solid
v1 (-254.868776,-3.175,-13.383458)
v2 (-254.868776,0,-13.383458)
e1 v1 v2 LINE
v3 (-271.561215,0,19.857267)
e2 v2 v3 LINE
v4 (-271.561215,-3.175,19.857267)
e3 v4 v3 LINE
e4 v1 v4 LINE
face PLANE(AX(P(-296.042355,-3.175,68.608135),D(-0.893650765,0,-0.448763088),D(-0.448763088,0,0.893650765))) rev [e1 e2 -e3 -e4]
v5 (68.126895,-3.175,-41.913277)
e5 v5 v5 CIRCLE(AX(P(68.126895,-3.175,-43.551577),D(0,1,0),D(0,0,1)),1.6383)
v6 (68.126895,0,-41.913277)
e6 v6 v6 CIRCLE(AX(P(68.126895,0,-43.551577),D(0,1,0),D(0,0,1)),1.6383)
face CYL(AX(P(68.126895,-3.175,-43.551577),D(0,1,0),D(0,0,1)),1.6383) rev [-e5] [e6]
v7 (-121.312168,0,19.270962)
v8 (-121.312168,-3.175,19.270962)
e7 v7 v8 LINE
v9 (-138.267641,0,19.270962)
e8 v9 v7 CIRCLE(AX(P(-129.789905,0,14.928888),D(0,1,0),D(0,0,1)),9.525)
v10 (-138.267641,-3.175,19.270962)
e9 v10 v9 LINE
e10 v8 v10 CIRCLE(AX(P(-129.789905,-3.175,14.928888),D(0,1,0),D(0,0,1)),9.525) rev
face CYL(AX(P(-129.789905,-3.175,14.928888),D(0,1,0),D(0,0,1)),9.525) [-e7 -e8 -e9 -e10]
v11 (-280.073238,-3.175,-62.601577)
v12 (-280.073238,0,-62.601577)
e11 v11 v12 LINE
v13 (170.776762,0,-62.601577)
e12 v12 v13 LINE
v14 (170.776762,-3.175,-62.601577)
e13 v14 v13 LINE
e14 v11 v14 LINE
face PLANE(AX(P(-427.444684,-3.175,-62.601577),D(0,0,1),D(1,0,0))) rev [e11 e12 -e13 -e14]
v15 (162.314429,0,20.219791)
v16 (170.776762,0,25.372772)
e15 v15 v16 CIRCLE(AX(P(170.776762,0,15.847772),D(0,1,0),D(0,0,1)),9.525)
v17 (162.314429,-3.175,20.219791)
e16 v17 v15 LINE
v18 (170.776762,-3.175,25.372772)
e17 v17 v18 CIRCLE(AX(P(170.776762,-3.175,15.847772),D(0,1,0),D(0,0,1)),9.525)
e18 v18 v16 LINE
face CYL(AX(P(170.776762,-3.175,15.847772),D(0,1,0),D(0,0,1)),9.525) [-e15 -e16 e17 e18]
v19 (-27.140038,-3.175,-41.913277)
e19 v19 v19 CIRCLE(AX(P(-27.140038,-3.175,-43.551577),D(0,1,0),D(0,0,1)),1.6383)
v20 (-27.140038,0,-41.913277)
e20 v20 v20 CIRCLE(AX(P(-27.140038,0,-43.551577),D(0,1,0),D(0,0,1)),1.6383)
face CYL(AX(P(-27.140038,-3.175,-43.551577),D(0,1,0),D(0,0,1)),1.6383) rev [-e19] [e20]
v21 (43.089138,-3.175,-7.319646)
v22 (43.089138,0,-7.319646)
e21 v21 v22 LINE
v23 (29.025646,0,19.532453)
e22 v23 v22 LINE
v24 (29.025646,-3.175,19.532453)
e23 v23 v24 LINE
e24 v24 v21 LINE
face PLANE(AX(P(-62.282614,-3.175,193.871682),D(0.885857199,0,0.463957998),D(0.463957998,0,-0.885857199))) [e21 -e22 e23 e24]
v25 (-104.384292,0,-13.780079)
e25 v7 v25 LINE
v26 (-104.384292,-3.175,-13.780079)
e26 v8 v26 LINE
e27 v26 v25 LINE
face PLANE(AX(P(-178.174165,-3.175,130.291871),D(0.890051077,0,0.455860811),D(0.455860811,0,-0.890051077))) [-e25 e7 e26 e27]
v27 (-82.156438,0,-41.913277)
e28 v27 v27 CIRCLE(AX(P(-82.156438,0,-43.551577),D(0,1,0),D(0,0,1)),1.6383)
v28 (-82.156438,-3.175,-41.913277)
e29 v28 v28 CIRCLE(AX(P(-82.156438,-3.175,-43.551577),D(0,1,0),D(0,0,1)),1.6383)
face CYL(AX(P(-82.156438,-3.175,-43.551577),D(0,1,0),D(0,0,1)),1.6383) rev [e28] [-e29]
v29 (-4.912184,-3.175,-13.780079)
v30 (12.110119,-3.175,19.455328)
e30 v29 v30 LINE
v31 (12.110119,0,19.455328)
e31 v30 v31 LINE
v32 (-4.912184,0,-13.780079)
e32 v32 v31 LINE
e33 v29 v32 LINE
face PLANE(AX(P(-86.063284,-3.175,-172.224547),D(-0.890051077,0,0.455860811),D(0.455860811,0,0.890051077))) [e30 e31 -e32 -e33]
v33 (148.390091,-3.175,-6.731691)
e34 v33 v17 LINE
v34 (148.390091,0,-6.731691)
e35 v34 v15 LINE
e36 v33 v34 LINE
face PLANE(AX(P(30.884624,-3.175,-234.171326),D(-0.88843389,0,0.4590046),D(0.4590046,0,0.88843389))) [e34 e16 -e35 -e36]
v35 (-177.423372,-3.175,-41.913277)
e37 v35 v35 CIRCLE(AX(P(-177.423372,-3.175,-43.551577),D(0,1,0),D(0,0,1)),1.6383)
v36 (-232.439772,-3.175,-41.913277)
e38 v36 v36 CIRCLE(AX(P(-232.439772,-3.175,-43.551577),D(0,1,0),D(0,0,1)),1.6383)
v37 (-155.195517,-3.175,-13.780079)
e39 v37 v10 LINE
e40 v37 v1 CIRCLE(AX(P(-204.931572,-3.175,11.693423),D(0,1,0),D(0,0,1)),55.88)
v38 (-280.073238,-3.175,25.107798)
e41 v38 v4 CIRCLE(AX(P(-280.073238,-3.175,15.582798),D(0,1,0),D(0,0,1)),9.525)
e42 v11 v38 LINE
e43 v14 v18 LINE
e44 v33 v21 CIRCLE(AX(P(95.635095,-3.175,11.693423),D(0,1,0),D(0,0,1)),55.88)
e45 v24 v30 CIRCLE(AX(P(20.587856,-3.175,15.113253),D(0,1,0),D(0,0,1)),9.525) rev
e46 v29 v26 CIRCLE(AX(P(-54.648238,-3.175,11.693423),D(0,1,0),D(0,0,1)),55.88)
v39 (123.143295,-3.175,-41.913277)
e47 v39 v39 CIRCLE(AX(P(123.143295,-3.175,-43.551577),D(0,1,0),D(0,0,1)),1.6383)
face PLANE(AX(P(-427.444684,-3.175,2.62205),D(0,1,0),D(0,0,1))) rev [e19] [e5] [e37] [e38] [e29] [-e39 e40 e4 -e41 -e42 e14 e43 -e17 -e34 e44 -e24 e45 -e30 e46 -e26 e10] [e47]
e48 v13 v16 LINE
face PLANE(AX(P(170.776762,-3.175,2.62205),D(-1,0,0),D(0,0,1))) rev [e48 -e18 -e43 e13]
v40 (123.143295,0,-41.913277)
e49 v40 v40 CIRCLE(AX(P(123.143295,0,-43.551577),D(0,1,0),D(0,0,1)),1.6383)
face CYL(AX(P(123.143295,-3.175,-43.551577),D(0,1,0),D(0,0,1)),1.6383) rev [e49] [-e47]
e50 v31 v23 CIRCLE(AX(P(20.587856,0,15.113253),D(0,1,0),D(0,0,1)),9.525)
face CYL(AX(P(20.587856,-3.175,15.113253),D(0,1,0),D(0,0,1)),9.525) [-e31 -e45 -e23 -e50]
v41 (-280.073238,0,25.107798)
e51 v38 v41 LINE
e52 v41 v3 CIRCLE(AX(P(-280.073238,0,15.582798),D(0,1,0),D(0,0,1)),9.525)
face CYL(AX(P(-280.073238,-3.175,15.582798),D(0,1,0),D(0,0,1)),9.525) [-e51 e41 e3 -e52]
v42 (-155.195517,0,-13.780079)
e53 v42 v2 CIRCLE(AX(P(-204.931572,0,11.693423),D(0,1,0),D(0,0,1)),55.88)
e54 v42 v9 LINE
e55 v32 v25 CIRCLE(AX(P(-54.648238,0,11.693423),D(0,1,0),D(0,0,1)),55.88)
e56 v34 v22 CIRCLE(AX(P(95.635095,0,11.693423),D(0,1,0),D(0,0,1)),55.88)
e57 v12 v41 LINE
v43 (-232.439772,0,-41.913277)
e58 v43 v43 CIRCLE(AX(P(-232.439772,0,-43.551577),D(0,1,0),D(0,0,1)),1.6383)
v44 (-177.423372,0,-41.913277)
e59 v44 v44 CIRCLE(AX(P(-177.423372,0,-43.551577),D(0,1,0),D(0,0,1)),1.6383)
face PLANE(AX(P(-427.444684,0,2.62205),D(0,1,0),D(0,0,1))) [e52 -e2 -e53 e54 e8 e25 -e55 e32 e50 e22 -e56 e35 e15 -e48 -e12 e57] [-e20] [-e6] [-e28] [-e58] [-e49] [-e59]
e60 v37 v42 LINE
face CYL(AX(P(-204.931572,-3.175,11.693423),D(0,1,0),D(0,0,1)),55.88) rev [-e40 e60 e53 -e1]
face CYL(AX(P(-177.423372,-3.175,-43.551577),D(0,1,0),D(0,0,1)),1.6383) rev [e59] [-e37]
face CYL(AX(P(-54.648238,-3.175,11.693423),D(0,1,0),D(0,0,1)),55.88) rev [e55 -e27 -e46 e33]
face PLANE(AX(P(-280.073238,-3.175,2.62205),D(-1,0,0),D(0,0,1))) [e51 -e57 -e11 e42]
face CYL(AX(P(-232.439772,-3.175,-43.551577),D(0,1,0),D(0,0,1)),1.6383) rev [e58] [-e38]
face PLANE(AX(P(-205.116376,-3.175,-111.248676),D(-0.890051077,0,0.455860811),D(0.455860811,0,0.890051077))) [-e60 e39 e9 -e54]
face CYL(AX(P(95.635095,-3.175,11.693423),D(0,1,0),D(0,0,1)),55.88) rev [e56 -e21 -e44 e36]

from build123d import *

# Parameters (mm, degrees)
SKETCH1_R           = 1.6383
BOSS_EXTRUDE1_DEPTH = 3.175
FILLET3_R           = 9.525


with BuildPart() as part:
    # Sketch1 → Boss-Extrude1 (new body)
    with BuildSketch(Plane(origin=(0, 0, 0), x_dir=(1, 0, 0), z_dir=(0, 1, 0))):
        with BuildLine():
            Line((-155.195517325, 13.78007871), (-129.789904869, -35.823423436))
            Line((-129.789904869, -35.823423436), (-104.384292413, 13.78007871))
            ThreePointArc((-104.384292413, 13.78007871), (-54.648238202, 44.186576564), (-4.912183992, 13.78007871))
            Line((-4.912183992, 13.78007871), (20.493428464, -35.823423436))
            Line((20.493428464, -35.823423436), (43.089138197, 7.319646013))
            ThreePointArc((43.089138197, 7.319646013), (95.947099994, 44.185705521), (148.390090675, 6.731691085))
            Line((148.390090675, 6.731691085), (162.314428993, -20.219790589))
            ThreePointArc((162.314428993, -20.219790589), (165.822867077, -23.983160647), (170.776761798, -25.372771775))
            Line((170.776761798, -25.372771775), (170.776761798, 62.601576564))
            Line((170.776761798, 62.601576564), (-280.073238202, 62.601576564))
            Line((-280.073238202, 62.601576564), (-280.073238202, -25.107798436))
            ThreePointArc((-280.073238202, -25.107798436), (-275.072672567, -23.689583762), (-271.561214661, -19.857266851))
            Line((-271.561214661, -19.857266851), (-254.868776311, 13.383457934))
            ThreePointArc((-254.868776311, 13.383457934), (-205.153928001, 44.186134164), (-155.195517325, 13.78007871))
        make_face()
        with Locations(Location((-232.439771536, 43.551576564, 0), (0, 0, 270))):
            Circle(SKETCH1_R, mode=Mode.SUBTRACT)
        with Locations(Location((-177.423371536, 43.551576564, 0), (0, 0, 270))):
            Circle(SKETCH1_R, mode=Mode.SUBTRACT)
        with Locations(Location((-27.140038202, 43.551576564, 0), (0, 0, 270))):
            Circle(SKETCH1_R, mode=Mode.SUBTRACT)
        with Locations(Location((-82.156438202, 43.551576564, 0), (0, 0, 270))):
            Circle(SKETCH1_R, mode=Mode.SUBTRACT)
        with Locations(Location((123.143295131, 43.551576564, 0), (0, 0, 270))):
            Circle(SKETCH1_R, mode=Mode.SUBTRACT)
        with Locations(Location((68.126895131, 43.551576564, 0), (0, 0, 270))):
            Circle(SKETCH1_R, mode=Mode.SUBTRACT)
    extrude(amount=-BOSS_EXTRUDE1_DEPTH)

    # Fillet3
    fillet3_edges = [part.edges().sort_by_distance(p)[0] for p in [
        (20.493428464, -1.5875, 35.823423436),
        (-129.789904869, -1.5875, 35.823423436),
    ]]
    fillet(fillet3_edges, radius=FILLET3_R)


solid = part.part
